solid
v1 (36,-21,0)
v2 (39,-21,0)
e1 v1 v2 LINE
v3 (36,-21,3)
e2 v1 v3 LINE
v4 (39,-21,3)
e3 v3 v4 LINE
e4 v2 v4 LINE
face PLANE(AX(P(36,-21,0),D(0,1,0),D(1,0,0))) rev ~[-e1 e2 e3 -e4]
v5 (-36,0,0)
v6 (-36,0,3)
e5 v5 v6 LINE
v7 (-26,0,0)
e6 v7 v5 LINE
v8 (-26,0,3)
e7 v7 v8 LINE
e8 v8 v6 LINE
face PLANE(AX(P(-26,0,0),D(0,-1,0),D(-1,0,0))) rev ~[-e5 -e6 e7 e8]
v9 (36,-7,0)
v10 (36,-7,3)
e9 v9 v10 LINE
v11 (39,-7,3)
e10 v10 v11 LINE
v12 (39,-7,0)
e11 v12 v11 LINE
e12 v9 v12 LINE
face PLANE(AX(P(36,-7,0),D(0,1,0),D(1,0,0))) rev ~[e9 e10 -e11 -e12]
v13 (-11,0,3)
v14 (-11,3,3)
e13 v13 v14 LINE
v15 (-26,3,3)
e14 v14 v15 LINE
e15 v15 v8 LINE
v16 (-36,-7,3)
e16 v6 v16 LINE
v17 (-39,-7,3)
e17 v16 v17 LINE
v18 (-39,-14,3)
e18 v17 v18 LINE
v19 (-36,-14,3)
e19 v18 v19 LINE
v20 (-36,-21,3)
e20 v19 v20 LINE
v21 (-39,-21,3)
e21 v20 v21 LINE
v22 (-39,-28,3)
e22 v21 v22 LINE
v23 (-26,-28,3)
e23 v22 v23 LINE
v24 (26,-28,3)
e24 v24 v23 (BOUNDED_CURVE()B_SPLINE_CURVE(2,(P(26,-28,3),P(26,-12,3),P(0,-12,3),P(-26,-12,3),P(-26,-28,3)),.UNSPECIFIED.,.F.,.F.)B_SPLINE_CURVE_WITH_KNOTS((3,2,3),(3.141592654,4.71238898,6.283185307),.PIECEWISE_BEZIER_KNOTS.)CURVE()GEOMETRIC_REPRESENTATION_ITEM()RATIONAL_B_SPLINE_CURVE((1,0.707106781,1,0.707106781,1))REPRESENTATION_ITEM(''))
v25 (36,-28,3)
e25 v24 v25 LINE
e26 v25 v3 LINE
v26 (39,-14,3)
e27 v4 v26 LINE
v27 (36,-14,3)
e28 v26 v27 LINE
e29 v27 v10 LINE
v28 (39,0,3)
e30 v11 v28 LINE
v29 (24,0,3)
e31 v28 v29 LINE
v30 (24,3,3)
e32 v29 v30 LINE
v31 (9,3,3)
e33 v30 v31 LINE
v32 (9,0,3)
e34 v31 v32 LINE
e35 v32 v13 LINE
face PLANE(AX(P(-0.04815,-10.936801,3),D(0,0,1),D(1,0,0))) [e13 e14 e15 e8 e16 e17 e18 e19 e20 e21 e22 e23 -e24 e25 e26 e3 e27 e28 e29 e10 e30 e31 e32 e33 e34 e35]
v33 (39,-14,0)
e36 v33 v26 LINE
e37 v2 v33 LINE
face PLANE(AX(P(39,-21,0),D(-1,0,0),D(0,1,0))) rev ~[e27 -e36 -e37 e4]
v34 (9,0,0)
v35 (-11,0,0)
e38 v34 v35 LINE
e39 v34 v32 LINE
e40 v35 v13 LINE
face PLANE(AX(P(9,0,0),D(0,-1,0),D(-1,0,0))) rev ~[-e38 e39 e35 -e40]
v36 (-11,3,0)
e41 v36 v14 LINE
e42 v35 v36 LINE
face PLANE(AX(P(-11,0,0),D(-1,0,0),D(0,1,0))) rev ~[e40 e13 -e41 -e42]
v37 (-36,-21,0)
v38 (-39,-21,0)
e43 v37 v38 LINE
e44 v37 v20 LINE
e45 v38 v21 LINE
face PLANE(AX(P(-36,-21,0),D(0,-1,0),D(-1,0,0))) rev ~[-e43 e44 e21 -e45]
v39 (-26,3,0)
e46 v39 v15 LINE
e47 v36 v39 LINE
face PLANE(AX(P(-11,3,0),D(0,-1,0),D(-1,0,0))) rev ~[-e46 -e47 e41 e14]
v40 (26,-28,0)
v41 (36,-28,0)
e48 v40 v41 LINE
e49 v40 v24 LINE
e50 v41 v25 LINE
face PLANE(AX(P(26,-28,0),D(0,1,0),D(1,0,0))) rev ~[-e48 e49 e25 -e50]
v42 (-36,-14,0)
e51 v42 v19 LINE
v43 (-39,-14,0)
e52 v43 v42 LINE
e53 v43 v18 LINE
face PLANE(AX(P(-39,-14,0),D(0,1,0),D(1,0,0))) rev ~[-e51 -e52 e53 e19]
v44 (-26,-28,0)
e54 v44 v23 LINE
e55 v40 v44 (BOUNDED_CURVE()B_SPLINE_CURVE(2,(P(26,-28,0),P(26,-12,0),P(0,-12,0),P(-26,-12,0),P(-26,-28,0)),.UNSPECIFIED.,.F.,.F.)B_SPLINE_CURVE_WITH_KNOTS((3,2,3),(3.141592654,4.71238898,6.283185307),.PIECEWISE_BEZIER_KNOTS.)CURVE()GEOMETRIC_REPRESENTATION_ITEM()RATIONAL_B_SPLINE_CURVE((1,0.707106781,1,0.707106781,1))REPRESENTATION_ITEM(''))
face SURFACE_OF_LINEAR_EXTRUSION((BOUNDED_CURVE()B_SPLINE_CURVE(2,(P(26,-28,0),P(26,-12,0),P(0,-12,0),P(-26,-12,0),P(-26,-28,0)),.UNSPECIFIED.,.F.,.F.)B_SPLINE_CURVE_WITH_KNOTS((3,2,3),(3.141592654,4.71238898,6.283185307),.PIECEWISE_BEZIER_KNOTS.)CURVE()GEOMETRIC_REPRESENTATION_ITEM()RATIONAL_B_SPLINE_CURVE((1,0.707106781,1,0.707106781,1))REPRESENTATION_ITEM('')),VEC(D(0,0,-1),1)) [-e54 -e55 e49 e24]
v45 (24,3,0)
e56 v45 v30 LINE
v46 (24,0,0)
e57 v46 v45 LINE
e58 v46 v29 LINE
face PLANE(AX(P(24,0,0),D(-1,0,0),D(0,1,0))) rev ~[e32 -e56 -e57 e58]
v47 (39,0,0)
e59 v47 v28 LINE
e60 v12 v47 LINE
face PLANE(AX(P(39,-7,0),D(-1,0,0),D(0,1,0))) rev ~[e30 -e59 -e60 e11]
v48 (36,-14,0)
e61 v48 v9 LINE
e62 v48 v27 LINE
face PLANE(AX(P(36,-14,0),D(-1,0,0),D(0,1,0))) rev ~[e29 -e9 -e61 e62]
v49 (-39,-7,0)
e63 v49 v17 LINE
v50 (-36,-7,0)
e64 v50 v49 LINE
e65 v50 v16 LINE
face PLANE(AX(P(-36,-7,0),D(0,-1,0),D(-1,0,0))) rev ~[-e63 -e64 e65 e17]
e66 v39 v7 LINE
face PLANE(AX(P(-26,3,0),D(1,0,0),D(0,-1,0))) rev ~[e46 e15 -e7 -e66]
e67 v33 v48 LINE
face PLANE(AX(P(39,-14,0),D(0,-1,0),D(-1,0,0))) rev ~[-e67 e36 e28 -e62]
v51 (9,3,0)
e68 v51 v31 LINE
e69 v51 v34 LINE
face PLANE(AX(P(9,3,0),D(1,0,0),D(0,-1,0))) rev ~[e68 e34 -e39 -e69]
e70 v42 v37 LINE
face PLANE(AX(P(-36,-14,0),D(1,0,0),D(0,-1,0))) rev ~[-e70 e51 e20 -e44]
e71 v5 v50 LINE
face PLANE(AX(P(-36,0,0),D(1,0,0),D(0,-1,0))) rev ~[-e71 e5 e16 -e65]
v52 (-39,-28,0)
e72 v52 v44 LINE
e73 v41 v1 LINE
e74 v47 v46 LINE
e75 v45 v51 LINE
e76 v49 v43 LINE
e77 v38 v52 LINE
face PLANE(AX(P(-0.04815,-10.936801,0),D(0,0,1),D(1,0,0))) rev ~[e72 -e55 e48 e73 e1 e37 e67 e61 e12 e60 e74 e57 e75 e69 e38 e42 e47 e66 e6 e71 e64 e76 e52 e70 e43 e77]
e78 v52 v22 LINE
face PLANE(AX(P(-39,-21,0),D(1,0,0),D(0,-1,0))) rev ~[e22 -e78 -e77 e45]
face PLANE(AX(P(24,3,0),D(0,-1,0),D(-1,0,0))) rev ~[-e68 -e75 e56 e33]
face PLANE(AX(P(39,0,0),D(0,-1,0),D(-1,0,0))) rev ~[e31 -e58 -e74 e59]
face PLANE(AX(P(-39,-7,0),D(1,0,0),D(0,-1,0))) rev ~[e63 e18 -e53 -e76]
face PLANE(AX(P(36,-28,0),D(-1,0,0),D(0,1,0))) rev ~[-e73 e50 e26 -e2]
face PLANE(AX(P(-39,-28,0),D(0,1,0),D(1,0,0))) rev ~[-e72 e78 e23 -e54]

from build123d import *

# Parameters (mm, degrees)
F1_DEPTH = 3


with BuildPart() as f1:
    # F0 (on Top) → F1 (new body)
    with BuildSketch(Plane.XY):
        with BuildLine():
            Line((-26, 0), (-36, 0))
            Line((-36, 0), (-36, -7))
            Line((-36, -7), (-39, -7))
            Line((-39, -7), (-39, -14))
            Line((-39, -14), (-36, -14))
            Line((-36, -14), (-36, -21))
            Line((-36, -21), (-39, -21))
            Line((-39, -21), (-39, -28))
            Line((-39, -28), (-26, -28))
            add(Edge.make_bspline(
                [(26, -28), (26, -12), (0, -12), (-26, -12), (-26, -28)],
                knots=[3.1415926536, 3.1415926536, 3.1415926536, 4.7123889804, 4.7123889804, 6.2831853072, 6.2831853072, 6.2831853072], degree=2, weights=[1, 0.7071067812, 1, 0.7071067812, 1]))
            Line((26, -28), (36, -28))
            Line((36, -28), (36, -21))
            Line((36, -21), (39, -21))
            Line((39, -21), (39, -14))
            Line((39, -14), (36, -14))
            Line((36, -14), (36, -7))
            Line((36, -7), (39, -7))
            Line((39, -7), (39, 0))
            Line((39, 0), (24, 0))
            Line((24, 0), (24, 3))
            Line((24, 3), (9, 3))
            Line((9, 3), (9, 0))
            Line((9, 0), (-11, 0))
            Line((-11, 0), (-11, 3))
            Line((-11, 3), (-26, 3))
            Line((-26, 3), (-26, 0))
        make_face()
    extrude(amount=F1_DEPTH)


solid = f1.part
